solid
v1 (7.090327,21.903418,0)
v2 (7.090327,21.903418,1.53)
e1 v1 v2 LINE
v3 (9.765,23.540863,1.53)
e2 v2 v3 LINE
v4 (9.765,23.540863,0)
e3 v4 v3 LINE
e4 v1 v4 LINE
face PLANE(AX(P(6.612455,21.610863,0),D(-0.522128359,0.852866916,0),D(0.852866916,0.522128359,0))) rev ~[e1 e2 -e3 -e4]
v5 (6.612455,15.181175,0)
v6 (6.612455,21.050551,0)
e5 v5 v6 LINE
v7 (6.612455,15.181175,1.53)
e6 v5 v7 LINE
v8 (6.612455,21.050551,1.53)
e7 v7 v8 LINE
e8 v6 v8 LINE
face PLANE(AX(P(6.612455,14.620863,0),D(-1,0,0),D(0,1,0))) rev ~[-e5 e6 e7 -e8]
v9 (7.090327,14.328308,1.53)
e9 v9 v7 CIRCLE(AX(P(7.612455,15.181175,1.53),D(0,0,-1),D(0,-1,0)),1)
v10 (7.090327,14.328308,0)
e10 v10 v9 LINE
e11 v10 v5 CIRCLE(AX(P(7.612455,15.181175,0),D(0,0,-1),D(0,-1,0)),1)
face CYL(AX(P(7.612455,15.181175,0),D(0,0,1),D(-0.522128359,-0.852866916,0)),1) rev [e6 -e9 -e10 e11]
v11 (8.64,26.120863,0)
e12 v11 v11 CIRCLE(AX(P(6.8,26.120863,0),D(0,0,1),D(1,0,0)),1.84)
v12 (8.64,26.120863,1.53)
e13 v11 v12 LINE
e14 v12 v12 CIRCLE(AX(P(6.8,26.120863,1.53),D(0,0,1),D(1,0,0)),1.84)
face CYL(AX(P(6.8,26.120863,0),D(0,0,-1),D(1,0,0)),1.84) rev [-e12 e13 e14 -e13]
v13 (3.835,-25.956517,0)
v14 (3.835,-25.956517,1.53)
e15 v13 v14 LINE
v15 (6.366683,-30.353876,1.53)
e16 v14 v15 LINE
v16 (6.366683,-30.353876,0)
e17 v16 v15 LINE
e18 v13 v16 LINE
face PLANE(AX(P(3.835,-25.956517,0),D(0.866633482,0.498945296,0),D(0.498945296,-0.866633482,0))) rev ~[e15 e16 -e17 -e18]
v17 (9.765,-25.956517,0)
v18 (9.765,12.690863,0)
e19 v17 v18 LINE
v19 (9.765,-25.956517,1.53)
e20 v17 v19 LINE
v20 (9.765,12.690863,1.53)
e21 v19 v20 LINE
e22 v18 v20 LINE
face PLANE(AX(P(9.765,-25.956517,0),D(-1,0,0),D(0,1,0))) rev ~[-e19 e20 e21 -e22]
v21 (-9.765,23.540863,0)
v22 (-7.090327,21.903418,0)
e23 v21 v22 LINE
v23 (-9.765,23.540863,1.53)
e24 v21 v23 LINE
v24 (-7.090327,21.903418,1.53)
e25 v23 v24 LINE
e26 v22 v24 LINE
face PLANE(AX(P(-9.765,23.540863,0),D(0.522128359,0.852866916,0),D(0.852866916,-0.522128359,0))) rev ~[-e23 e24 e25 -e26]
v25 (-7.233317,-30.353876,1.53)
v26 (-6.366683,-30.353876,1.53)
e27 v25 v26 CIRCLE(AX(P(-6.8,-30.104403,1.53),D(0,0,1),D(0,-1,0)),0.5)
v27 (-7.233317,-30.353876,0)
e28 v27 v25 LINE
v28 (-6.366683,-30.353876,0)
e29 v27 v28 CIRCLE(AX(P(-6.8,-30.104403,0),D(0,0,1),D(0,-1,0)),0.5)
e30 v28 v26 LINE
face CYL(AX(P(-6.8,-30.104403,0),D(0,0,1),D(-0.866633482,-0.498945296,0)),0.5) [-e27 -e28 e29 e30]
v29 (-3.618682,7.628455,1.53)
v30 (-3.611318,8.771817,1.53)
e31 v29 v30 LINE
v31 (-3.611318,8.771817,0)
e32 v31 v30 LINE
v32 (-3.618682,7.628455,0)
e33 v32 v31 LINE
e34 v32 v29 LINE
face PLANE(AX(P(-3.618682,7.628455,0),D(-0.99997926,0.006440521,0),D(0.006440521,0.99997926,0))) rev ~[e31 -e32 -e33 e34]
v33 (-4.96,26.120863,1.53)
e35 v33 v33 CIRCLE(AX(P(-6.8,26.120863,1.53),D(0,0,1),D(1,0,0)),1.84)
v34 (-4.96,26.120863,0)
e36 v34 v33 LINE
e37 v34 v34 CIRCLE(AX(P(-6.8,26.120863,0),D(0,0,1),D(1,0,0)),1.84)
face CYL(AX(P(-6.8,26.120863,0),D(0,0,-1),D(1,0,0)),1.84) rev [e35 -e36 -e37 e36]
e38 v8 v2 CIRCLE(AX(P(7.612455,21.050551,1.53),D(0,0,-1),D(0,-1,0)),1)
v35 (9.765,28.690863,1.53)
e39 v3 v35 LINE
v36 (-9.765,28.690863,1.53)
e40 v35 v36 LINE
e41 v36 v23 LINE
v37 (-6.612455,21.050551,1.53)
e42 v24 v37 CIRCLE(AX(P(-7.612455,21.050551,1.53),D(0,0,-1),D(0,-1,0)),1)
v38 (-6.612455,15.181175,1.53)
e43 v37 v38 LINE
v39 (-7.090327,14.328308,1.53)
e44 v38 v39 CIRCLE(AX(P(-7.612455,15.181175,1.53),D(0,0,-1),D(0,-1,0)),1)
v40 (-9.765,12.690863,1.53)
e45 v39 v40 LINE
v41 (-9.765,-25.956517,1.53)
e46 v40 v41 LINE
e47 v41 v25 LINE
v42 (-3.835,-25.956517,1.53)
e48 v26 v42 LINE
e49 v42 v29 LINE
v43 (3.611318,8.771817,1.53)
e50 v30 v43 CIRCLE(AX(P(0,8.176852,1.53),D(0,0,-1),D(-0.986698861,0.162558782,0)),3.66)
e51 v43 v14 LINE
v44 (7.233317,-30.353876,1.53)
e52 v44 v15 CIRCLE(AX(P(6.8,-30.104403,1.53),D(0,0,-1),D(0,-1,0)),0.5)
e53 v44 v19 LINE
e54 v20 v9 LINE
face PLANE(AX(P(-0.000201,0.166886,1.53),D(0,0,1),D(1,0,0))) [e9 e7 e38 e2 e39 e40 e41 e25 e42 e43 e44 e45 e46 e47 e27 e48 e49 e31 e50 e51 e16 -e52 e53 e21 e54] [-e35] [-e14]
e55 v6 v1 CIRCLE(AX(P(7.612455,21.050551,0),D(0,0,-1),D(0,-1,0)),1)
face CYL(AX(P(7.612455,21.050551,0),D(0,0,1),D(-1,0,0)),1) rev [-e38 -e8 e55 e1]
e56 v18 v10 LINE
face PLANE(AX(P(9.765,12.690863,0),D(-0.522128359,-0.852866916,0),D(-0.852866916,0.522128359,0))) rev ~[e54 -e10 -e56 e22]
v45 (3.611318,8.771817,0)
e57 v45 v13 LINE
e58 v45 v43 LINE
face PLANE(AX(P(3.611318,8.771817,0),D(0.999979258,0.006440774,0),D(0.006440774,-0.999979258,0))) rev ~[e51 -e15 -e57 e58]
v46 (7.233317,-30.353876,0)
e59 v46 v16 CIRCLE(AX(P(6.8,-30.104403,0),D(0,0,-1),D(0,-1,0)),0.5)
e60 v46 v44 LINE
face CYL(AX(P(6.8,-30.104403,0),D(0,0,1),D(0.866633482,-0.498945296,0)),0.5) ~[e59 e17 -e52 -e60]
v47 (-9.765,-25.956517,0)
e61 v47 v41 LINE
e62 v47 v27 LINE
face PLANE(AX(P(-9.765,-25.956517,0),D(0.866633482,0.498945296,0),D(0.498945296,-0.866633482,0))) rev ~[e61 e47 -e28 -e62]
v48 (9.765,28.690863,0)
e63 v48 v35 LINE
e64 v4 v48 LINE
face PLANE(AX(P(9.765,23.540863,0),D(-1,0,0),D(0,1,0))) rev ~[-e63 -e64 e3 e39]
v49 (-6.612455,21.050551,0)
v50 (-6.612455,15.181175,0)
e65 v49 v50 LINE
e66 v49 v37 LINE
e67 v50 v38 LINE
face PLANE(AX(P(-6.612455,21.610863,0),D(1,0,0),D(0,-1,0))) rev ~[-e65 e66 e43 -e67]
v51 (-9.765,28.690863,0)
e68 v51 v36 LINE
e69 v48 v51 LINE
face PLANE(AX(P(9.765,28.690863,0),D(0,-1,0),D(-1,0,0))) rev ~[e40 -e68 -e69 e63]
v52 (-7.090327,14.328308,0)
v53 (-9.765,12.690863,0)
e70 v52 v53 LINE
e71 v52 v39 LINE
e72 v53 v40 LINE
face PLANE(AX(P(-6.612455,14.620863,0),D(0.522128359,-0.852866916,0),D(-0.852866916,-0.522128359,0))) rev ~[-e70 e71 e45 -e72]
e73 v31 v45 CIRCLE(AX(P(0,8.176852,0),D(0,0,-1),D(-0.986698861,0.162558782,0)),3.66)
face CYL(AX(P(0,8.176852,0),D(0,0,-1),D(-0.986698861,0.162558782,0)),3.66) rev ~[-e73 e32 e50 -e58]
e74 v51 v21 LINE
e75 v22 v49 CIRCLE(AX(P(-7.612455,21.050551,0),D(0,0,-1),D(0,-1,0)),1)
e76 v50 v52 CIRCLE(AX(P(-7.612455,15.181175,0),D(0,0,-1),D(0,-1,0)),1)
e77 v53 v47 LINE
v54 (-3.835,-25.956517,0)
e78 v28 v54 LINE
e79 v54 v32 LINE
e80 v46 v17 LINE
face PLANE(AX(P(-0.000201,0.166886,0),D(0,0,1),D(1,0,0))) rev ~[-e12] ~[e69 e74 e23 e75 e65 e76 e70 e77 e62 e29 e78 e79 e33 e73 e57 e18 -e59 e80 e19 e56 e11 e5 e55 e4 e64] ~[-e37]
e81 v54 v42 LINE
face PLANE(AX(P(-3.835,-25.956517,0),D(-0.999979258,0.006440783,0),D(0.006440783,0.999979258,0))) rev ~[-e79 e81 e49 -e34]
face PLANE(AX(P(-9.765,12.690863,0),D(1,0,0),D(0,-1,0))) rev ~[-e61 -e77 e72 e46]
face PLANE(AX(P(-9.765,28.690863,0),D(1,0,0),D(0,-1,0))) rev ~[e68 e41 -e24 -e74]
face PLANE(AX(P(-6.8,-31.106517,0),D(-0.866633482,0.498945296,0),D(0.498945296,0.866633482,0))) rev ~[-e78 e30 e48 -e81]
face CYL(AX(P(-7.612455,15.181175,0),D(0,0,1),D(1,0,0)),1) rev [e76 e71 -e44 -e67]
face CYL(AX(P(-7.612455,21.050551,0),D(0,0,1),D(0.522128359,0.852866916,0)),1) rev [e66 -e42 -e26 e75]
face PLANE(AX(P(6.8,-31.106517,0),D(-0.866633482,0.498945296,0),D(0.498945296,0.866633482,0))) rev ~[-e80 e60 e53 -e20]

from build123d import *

# Parameters (mm, degrees)
F0_R     = 1.84
F1_DEPTH = 1.53
F2_R     = 1
F3_R     = 0.5


with BuildPart() as f1:
    # F0 (on Top) → F1 (new body)
    with BuildSketch(Plane.XY):
        with BuildLine():
            Line((-9.765, 28.690863), (-9.765, 25.180746))
            Line((-9.765, 25.180746), (-9.765, 23.540863))
            Line((-9.765, 23.540863), (-6.612455, 21.610863))
            Line((-6.612455, 21.610863), (-6.612455, 14.620863))
            Line((-6.612455, 14.620863), (-9.765, 12.690863))
            Line((-9.765, 12.690863), (-9.765, -25.956517))
            Line((-9.765, -25.956517), (-3.835, -25.956517))
            Line((-3.835, -25.956517), (-3.618682, 7.628455))
            ThreePointArc((-3.618682, 7.628455), (-3.659924, 8.200425), (-3.611318, 8.771817))
            ThreePointArc((-3.611318, 8.771817), (0, 11.836852), (3.611318, 8.771817))
            Line((3.611318, 8.771817), (3.835, -25.956517))
            Line((3.835, -25.956517), (9.765, -25.956517))
            Line((9.765, -25.956517), (9.765, 12.690863))
            Line((9.765, 12.690863), (6.612455, 14.620863))
            Line((6.612455, 14.620863), (6.612455, 21.610863))
            Line((6.612455, 21.610863), (9.765, 23.540863))
            Line((9.765, 23.540863), (9.765, 25.180746))
            Line((9.765, 25.180746), (9.765, 28.690863))
            Line((9.765, 28.690863), (-9.765, 28.690863))
        make_face()
        with Locations((-6.8, 26.120863)):
            Circle(F0_R, mode=Mode.SUBTRACT)
        with Locations((6.8, 26.120863)):
            Circle(F0_R, mode=Mode.SUBTRACT)
        Polygon((-3.835, -25.956517), (-9.765, -25.956517), (-6.8, -31.106517), align=None)
        with BuildLine():
            ThreePointArc((-3.611318, 8.771817), (-3.659924, 8.200425), (-3.618682, 7.628455))
            Line((-3.618682, 7.628455), (-3.611318, 8.771817))
        make_face()
        Polygon((6.8, -31.106517), (9.765, -25.956517), (3.835, -25.956517), align=None)
    extrude(amount=F1_DEPTH)

    # F2
    f2_edges = [f1.edges().sort_by_distance(p)[0] for p in [
        (6.612455, 21.610863, 0.765),
        (6.612455, 14.620863, 0.765),
        (-6.612455, 21.610863, 0.765),
        (-6.612455, 14.620863, 0.765),
    ]]
    fillet(f2_edges, radius=F2_R)

    # F3
    f3_edges = [f1.edges().sort_by_distance(p)[0] for p in [
        (-6.8, -31.106517, 0.765),
        (6.8, -31.106517, 0.765),
    ]]
    fillet(f3_edges, radius=F3_R)


solid = f1.part
